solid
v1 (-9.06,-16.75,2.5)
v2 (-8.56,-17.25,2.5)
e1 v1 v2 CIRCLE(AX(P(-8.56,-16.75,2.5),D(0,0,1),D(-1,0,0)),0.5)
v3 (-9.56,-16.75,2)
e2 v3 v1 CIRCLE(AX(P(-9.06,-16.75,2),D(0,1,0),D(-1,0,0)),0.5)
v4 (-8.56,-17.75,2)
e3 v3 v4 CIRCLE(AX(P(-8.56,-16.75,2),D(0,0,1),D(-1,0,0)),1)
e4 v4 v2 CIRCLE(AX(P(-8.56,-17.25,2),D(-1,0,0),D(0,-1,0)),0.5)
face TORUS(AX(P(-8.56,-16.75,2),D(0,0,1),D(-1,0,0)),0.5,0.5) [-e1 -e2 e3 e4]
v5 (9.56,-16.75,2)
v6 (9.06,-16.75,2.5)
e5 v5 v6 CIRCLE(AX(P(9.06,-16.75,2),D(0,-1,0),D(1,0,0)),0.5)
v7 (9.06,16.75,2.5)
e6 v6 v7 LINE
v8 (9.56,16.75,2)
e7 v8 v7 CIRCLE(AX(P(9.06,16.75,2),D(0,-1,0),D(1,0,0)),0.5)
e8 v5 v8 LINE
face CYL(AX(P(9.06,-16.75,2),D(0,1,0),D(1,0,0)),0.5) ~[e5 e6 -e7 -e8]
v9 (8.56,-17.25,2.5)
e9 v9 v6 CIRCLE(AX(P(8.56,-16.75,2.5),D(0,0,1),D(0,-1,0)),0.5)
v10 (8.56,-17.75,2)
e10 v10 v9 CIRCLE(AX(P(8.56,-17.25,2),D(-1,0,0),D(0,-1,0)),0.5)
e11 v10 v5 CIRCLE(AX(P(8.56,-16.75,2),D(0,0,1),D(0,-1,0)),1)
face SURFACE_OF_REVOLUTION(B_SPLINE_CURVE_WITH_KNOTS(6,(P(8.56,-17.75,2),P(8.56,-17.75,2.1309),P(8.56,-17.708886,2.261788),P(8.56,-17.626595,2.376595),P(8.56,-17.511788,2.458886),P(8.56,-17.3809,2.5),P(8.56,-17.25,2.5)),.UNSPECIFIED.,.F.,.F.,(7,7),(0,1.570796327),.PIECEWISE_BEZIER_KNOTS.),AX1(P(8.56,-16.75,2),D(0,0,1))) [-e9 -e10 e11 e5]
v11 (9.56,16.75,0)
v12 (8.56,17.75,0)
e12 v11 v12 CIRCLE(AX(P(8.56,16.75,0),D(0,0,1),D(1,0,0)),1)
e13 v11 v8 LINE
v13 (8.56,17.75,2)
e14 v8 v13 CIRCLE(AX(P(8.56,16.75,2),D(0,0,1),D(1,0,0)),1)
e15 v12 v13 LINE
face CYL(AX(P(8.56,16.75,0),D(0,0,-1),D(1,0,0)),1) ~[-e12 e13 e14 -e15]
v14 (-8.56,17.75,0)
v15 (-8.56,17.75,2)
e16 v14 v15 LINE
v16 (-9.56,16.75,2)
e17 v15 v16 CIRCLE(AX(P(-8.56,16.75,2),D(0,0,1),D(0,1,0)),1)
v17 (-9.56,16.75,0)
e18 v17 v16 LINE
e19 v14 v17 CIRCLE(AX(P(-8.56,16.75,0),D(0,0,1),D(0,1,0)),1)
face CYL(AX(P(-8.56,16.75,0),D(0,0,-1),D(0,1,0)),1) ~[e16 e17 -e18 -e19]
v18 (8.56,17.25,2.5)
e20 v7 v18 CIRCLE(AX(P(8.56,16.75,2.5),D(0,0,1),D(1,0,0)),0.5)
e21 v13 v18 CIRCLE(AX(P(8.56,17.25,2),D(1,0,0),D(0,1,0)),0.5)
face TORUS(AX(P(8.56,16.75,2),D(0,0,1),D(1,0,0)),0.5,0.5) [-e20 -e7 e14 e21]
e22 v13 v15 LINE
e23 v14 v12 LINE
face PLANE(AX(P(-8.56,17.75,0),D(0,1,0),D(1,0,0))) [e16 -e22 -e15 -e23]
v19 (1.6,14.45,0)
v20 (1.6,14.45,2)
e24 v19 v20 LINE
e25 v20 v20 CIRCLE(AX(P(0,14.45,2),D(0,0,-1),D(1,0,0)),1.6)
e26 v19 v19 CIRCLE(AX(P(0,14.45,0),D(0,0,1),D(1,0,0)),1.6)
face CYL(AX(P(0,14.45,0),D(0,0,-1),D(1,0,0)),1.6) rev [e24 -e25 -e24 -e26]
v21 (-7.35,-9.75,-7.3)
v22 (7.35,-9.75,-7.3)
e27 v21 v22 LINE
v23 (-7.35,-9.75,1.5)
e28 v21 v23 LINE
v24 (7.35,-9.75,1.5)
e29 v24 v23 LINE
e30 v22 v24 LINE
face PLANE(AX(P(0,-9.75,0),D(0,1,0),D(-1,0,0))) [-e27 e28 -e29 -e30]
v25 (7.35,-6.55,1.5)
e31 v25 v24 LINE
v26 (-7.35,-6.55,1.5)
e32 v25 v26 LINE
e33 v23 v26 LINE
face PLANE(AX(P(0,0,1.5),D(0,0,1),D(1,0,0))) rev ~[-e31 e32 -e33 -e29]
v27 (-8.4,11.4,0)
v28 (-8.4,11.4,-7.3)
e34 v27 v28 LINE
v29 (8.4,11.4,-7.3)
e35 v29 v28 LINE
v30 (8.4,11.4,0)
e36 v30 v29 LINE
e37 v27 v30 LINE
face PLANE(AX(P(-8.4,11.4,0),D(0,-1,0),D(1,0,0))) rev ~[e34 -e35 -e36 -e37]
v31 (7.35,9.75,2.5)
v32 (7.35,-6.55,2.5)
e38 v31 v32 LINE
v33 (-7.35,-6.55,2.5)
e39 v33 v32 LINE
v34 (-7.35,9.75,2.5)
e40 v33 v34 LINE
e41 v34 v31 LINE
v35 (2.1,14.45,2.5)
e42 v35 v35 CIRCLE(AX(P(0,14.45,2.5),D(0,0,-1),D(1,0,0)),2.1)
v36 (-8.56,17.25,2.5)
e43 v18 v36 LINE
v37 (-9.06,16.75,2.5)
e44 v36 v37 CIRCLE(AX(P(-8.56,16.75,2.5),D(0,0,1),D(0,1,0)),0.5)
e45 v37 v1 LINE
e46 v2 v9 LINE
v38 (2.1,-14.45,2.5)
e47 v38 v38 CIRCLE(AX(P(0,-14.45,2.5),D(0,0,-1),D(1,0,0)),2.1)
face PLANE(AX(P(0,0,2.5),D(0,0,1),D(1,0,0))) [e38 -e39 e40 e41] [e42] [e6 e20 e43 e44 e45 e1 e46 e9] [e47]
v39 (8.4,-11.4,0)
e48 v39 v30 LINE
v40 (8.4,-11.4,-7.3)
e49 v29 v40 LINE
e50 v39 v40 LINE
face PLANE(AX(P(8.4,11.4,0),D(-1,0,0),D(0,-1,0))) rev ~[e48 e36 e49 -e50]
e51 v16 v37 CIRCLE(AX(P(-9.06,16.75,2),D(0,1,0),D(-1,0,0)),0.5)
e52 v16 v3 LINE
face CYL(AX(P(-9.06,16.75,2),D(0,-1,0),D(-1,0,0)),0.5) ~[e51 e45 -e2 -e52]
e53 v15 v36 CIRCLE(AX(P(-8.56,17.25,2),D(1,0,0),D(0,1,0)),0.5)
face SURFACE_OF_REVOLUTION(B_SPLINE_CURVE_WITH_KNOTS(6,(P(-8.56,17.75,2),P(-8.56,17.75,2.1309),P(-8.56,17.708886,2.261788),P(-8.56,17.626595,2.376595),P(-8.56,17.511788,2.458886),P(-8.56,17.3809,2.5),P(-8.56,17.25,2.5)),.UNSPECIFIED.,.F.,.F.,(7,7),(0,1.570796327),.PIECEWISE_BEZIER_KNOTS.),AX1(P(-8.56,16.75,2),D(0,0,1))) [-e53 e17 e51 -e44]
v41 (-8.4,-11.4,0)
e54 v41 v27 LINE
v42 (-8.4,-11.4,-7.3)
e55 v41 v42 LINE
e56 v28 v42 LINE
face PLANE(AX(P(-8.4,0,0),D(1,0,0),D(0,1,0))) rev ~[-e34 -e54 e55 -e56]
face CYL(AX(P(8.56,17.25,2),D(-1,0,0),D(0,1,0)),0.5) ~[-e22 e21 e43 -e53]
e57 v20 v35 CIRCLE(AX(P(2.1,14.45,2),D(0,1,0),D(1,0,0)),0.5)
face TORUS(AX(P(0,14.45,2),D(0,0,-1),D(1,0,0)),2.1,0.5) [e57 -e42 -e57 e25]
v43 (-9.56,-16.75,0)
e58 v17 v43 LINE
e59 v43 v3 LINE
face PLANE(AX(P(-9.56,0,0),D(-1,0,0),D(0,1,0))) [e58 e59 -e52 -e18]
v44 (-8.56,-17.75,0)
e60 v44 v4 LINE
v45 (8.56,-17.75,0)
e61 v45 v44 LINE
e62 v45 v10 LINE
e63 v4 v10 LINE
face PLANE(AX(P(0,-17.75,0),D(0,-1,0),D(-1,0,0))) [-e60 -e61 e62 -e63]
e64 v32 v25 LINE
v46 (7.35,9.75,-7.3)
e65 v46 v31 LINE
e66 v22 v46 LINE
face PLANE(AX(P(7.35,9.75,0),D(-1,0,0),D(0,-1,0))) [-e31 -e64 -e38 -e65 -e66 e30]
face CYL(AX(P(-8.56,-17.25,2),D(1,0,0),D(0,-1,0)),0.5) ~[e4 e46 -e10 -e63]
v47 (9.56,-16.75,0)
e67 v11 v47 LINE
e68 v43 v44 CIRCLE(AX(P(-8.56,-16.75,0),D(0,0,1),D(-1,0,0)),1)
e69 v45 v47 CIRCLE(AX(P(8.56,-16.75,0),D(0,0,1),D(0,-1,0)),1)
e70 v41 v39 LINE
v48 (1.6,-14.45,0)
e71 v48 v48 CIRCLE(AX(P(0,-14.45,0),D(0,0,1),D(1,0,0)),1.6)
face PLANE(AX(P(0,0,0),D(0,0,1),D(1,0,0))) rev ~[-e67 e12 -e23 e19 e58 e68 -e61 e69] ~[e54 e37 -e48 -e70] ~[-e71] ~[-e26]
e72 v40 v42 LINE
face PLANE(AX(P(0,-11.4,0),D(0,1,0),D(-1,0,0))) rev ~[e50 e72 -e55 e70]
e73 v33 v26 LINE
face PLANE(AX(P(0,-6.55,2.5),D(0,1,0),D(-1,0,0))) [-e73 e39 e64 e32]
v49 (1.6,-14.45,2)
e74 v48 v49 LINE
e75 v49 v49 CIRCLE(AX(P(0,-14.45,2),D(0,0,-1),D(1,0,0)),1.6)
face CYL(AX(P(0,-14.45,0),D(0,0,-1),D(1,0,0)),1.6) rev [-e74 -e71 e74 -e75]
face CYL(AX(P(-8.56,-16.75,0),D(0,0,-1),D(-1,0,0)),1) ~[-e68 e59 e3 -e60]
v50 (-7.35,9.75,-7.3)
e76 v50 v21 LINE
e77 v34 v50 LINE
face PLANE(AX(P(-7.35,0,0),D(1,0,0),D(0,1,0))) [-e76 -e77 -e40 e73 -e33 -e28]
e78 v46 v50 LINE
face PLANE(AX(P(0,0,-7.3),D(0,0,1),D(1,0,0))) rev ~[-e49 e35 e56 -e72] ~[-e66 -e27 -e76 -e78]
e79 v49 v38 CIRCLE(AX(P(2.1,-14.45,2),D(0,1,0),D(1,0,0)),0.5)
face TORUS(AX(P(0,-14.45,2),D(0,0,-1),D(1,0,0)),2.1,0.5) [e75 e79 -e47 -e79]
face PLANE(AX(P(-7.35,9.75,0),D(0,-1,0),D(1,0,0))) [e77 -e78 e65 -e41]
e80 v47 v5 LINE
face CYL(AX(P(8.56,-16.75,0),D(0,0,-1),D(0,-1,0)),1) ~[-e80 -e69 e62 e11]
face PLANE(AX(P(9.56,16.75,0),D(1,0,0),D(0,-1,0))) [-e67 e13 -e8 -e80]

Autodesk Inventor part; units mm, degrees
ref_plane "YZ Plane" through (0, 0, 0) normal (1, 0, 0) x (0, 1, 0)
ref_plane "XZ Plane" through (0, 0, 0) normal (0, 1, 0) x (-1, 0, 0)
ref_plane "XY Plane" through (0, 0, 0) normal (0, 0, 1) x (1, 0, 0)
sketch "Skizze1" plane through (0, 0, 0) normal (0, 0, 1) x (1, 0, 0)
  line L0 (-8.4, 11.4) -> (8.4, 11.4)
  line L1 (8.4, 11.4) -> (8.4, -11.4)
  line L2 (8.4, -11.4) -> (-8.4, -11.4)
  line L3 (-8.4, -11.4) -> (-8.4, 11.4)
  line L4 (-13.6739, 0) -> (13.6739, 0) projected
  line L5 (0, -25.1399) -> (0, 25.1399) projected
  line L6 (-7.35, 9.75) -> (7.35, 9.75)
  line L7 (7.35, 9.75) -> (7.35, -9.75)
  line L8 (7.35, -9.75) -> (-7.35, -9.75)
  line L9 (-7.35, -9.75) -> (-7.35, 9.75)
  line L10 (-8.56, 17.75) -> (8.56, 17.75)
  line L11 (9.56, 16.75) -> (9.56, -16.75)
  line L12 (8.56, -17.75) -> (-8.56, -17.75)
  line L13 (-9.56, -16.75) -> (-9.56, 16.75)
  circle A0 centre (0, 14.45) radius 1.6
  line L14 (-9.56, -17.75) -> (9.56, -17.75)
  circle A1 centre (0, -14.45) radius 1.6
  arc A2 (-8.56, 17.75) -> (-9.56, 16.75) centre (-8.56, 16.75) ccw
  arc A3 (9.56, 16.75) -> (8.56, 17.75) centre (8.56, 16.75) ccw
  arc A4 (8.56, -17.75) -> (9.56, -16.75) centre (8.56, -16.75) ccw
  arc A5 (-9.56, -16.75) -> (-8.56, -17.75) centre (-8.56, -16.75) ccw
  line L15 (7.35, -6.55) -> (-7.35, -6.55)
  point P0 (0, 0)
  point P1 (-9.56, 17.75)
  point P2 (9.56, 17.75)
  dimension "d0" = 16.8
  dimension "d1" = 22.8
  dimension "d2" = 19.5
  dimension "d3" = 14.7
  dimension "d4" = 35.5
  dimension "d5" = 19.12
  dimension "d6" = 3.2
  dimension "d7" = 28.9
  dimension "d8" = 1
  dimension "d14" = 3.2
extrude "Extrusion1" add sketch "Skizze1" against normal blind 7.3 contours L0 L5 L6 L9 L4 L3 | L0 L1 L4 L7 L6 L5 | L4 L9 L8 L5 L2 L3 | L1 L2 L5 L8 L7 L4
extrude "Extrusion2" add sketch "Skizze1" along normal blind 2.5 contours L3 L4 L13 A2 L10 L5 A0 L0 | L0 L5 L6 L9 L4 L3 | L5 A0 L10 A3 L11 L4 L1 L0 | L0 L1 L4 L7 L6 L5 | L4 L9 L8 L5 L2 L3 | L3 L2 L5 A1 L12 A5 L13 L4 | L4 L11 A4 L12 L5 A1 L2 L1 | L1 L2 L5 L8 L7 L4
extrude "Extrusion3" add sketch "Skizze1" against normal blind 1 from surface at 2.5 contours L15 L5 L8 L9 | L15 L7 L8 L5
fillet "Rundung1" radius 0.5 10 edges at (-9.2671, 17.4571, 2.5) (-9.56, 0, 2.5) (-9.2671, -17.4571, 2.5) (0, -17.75, 2.5) (9.2671, -17.4571, 2.5) (9.56, 0, 2.5) (9.2671, 17.4571, 2.5) (0, 17.75, 2.5) (-1.6, 14.45, 2.5) (-1.6, -14.45, 2.5)
properties part number "Delock_86213_Grob"
